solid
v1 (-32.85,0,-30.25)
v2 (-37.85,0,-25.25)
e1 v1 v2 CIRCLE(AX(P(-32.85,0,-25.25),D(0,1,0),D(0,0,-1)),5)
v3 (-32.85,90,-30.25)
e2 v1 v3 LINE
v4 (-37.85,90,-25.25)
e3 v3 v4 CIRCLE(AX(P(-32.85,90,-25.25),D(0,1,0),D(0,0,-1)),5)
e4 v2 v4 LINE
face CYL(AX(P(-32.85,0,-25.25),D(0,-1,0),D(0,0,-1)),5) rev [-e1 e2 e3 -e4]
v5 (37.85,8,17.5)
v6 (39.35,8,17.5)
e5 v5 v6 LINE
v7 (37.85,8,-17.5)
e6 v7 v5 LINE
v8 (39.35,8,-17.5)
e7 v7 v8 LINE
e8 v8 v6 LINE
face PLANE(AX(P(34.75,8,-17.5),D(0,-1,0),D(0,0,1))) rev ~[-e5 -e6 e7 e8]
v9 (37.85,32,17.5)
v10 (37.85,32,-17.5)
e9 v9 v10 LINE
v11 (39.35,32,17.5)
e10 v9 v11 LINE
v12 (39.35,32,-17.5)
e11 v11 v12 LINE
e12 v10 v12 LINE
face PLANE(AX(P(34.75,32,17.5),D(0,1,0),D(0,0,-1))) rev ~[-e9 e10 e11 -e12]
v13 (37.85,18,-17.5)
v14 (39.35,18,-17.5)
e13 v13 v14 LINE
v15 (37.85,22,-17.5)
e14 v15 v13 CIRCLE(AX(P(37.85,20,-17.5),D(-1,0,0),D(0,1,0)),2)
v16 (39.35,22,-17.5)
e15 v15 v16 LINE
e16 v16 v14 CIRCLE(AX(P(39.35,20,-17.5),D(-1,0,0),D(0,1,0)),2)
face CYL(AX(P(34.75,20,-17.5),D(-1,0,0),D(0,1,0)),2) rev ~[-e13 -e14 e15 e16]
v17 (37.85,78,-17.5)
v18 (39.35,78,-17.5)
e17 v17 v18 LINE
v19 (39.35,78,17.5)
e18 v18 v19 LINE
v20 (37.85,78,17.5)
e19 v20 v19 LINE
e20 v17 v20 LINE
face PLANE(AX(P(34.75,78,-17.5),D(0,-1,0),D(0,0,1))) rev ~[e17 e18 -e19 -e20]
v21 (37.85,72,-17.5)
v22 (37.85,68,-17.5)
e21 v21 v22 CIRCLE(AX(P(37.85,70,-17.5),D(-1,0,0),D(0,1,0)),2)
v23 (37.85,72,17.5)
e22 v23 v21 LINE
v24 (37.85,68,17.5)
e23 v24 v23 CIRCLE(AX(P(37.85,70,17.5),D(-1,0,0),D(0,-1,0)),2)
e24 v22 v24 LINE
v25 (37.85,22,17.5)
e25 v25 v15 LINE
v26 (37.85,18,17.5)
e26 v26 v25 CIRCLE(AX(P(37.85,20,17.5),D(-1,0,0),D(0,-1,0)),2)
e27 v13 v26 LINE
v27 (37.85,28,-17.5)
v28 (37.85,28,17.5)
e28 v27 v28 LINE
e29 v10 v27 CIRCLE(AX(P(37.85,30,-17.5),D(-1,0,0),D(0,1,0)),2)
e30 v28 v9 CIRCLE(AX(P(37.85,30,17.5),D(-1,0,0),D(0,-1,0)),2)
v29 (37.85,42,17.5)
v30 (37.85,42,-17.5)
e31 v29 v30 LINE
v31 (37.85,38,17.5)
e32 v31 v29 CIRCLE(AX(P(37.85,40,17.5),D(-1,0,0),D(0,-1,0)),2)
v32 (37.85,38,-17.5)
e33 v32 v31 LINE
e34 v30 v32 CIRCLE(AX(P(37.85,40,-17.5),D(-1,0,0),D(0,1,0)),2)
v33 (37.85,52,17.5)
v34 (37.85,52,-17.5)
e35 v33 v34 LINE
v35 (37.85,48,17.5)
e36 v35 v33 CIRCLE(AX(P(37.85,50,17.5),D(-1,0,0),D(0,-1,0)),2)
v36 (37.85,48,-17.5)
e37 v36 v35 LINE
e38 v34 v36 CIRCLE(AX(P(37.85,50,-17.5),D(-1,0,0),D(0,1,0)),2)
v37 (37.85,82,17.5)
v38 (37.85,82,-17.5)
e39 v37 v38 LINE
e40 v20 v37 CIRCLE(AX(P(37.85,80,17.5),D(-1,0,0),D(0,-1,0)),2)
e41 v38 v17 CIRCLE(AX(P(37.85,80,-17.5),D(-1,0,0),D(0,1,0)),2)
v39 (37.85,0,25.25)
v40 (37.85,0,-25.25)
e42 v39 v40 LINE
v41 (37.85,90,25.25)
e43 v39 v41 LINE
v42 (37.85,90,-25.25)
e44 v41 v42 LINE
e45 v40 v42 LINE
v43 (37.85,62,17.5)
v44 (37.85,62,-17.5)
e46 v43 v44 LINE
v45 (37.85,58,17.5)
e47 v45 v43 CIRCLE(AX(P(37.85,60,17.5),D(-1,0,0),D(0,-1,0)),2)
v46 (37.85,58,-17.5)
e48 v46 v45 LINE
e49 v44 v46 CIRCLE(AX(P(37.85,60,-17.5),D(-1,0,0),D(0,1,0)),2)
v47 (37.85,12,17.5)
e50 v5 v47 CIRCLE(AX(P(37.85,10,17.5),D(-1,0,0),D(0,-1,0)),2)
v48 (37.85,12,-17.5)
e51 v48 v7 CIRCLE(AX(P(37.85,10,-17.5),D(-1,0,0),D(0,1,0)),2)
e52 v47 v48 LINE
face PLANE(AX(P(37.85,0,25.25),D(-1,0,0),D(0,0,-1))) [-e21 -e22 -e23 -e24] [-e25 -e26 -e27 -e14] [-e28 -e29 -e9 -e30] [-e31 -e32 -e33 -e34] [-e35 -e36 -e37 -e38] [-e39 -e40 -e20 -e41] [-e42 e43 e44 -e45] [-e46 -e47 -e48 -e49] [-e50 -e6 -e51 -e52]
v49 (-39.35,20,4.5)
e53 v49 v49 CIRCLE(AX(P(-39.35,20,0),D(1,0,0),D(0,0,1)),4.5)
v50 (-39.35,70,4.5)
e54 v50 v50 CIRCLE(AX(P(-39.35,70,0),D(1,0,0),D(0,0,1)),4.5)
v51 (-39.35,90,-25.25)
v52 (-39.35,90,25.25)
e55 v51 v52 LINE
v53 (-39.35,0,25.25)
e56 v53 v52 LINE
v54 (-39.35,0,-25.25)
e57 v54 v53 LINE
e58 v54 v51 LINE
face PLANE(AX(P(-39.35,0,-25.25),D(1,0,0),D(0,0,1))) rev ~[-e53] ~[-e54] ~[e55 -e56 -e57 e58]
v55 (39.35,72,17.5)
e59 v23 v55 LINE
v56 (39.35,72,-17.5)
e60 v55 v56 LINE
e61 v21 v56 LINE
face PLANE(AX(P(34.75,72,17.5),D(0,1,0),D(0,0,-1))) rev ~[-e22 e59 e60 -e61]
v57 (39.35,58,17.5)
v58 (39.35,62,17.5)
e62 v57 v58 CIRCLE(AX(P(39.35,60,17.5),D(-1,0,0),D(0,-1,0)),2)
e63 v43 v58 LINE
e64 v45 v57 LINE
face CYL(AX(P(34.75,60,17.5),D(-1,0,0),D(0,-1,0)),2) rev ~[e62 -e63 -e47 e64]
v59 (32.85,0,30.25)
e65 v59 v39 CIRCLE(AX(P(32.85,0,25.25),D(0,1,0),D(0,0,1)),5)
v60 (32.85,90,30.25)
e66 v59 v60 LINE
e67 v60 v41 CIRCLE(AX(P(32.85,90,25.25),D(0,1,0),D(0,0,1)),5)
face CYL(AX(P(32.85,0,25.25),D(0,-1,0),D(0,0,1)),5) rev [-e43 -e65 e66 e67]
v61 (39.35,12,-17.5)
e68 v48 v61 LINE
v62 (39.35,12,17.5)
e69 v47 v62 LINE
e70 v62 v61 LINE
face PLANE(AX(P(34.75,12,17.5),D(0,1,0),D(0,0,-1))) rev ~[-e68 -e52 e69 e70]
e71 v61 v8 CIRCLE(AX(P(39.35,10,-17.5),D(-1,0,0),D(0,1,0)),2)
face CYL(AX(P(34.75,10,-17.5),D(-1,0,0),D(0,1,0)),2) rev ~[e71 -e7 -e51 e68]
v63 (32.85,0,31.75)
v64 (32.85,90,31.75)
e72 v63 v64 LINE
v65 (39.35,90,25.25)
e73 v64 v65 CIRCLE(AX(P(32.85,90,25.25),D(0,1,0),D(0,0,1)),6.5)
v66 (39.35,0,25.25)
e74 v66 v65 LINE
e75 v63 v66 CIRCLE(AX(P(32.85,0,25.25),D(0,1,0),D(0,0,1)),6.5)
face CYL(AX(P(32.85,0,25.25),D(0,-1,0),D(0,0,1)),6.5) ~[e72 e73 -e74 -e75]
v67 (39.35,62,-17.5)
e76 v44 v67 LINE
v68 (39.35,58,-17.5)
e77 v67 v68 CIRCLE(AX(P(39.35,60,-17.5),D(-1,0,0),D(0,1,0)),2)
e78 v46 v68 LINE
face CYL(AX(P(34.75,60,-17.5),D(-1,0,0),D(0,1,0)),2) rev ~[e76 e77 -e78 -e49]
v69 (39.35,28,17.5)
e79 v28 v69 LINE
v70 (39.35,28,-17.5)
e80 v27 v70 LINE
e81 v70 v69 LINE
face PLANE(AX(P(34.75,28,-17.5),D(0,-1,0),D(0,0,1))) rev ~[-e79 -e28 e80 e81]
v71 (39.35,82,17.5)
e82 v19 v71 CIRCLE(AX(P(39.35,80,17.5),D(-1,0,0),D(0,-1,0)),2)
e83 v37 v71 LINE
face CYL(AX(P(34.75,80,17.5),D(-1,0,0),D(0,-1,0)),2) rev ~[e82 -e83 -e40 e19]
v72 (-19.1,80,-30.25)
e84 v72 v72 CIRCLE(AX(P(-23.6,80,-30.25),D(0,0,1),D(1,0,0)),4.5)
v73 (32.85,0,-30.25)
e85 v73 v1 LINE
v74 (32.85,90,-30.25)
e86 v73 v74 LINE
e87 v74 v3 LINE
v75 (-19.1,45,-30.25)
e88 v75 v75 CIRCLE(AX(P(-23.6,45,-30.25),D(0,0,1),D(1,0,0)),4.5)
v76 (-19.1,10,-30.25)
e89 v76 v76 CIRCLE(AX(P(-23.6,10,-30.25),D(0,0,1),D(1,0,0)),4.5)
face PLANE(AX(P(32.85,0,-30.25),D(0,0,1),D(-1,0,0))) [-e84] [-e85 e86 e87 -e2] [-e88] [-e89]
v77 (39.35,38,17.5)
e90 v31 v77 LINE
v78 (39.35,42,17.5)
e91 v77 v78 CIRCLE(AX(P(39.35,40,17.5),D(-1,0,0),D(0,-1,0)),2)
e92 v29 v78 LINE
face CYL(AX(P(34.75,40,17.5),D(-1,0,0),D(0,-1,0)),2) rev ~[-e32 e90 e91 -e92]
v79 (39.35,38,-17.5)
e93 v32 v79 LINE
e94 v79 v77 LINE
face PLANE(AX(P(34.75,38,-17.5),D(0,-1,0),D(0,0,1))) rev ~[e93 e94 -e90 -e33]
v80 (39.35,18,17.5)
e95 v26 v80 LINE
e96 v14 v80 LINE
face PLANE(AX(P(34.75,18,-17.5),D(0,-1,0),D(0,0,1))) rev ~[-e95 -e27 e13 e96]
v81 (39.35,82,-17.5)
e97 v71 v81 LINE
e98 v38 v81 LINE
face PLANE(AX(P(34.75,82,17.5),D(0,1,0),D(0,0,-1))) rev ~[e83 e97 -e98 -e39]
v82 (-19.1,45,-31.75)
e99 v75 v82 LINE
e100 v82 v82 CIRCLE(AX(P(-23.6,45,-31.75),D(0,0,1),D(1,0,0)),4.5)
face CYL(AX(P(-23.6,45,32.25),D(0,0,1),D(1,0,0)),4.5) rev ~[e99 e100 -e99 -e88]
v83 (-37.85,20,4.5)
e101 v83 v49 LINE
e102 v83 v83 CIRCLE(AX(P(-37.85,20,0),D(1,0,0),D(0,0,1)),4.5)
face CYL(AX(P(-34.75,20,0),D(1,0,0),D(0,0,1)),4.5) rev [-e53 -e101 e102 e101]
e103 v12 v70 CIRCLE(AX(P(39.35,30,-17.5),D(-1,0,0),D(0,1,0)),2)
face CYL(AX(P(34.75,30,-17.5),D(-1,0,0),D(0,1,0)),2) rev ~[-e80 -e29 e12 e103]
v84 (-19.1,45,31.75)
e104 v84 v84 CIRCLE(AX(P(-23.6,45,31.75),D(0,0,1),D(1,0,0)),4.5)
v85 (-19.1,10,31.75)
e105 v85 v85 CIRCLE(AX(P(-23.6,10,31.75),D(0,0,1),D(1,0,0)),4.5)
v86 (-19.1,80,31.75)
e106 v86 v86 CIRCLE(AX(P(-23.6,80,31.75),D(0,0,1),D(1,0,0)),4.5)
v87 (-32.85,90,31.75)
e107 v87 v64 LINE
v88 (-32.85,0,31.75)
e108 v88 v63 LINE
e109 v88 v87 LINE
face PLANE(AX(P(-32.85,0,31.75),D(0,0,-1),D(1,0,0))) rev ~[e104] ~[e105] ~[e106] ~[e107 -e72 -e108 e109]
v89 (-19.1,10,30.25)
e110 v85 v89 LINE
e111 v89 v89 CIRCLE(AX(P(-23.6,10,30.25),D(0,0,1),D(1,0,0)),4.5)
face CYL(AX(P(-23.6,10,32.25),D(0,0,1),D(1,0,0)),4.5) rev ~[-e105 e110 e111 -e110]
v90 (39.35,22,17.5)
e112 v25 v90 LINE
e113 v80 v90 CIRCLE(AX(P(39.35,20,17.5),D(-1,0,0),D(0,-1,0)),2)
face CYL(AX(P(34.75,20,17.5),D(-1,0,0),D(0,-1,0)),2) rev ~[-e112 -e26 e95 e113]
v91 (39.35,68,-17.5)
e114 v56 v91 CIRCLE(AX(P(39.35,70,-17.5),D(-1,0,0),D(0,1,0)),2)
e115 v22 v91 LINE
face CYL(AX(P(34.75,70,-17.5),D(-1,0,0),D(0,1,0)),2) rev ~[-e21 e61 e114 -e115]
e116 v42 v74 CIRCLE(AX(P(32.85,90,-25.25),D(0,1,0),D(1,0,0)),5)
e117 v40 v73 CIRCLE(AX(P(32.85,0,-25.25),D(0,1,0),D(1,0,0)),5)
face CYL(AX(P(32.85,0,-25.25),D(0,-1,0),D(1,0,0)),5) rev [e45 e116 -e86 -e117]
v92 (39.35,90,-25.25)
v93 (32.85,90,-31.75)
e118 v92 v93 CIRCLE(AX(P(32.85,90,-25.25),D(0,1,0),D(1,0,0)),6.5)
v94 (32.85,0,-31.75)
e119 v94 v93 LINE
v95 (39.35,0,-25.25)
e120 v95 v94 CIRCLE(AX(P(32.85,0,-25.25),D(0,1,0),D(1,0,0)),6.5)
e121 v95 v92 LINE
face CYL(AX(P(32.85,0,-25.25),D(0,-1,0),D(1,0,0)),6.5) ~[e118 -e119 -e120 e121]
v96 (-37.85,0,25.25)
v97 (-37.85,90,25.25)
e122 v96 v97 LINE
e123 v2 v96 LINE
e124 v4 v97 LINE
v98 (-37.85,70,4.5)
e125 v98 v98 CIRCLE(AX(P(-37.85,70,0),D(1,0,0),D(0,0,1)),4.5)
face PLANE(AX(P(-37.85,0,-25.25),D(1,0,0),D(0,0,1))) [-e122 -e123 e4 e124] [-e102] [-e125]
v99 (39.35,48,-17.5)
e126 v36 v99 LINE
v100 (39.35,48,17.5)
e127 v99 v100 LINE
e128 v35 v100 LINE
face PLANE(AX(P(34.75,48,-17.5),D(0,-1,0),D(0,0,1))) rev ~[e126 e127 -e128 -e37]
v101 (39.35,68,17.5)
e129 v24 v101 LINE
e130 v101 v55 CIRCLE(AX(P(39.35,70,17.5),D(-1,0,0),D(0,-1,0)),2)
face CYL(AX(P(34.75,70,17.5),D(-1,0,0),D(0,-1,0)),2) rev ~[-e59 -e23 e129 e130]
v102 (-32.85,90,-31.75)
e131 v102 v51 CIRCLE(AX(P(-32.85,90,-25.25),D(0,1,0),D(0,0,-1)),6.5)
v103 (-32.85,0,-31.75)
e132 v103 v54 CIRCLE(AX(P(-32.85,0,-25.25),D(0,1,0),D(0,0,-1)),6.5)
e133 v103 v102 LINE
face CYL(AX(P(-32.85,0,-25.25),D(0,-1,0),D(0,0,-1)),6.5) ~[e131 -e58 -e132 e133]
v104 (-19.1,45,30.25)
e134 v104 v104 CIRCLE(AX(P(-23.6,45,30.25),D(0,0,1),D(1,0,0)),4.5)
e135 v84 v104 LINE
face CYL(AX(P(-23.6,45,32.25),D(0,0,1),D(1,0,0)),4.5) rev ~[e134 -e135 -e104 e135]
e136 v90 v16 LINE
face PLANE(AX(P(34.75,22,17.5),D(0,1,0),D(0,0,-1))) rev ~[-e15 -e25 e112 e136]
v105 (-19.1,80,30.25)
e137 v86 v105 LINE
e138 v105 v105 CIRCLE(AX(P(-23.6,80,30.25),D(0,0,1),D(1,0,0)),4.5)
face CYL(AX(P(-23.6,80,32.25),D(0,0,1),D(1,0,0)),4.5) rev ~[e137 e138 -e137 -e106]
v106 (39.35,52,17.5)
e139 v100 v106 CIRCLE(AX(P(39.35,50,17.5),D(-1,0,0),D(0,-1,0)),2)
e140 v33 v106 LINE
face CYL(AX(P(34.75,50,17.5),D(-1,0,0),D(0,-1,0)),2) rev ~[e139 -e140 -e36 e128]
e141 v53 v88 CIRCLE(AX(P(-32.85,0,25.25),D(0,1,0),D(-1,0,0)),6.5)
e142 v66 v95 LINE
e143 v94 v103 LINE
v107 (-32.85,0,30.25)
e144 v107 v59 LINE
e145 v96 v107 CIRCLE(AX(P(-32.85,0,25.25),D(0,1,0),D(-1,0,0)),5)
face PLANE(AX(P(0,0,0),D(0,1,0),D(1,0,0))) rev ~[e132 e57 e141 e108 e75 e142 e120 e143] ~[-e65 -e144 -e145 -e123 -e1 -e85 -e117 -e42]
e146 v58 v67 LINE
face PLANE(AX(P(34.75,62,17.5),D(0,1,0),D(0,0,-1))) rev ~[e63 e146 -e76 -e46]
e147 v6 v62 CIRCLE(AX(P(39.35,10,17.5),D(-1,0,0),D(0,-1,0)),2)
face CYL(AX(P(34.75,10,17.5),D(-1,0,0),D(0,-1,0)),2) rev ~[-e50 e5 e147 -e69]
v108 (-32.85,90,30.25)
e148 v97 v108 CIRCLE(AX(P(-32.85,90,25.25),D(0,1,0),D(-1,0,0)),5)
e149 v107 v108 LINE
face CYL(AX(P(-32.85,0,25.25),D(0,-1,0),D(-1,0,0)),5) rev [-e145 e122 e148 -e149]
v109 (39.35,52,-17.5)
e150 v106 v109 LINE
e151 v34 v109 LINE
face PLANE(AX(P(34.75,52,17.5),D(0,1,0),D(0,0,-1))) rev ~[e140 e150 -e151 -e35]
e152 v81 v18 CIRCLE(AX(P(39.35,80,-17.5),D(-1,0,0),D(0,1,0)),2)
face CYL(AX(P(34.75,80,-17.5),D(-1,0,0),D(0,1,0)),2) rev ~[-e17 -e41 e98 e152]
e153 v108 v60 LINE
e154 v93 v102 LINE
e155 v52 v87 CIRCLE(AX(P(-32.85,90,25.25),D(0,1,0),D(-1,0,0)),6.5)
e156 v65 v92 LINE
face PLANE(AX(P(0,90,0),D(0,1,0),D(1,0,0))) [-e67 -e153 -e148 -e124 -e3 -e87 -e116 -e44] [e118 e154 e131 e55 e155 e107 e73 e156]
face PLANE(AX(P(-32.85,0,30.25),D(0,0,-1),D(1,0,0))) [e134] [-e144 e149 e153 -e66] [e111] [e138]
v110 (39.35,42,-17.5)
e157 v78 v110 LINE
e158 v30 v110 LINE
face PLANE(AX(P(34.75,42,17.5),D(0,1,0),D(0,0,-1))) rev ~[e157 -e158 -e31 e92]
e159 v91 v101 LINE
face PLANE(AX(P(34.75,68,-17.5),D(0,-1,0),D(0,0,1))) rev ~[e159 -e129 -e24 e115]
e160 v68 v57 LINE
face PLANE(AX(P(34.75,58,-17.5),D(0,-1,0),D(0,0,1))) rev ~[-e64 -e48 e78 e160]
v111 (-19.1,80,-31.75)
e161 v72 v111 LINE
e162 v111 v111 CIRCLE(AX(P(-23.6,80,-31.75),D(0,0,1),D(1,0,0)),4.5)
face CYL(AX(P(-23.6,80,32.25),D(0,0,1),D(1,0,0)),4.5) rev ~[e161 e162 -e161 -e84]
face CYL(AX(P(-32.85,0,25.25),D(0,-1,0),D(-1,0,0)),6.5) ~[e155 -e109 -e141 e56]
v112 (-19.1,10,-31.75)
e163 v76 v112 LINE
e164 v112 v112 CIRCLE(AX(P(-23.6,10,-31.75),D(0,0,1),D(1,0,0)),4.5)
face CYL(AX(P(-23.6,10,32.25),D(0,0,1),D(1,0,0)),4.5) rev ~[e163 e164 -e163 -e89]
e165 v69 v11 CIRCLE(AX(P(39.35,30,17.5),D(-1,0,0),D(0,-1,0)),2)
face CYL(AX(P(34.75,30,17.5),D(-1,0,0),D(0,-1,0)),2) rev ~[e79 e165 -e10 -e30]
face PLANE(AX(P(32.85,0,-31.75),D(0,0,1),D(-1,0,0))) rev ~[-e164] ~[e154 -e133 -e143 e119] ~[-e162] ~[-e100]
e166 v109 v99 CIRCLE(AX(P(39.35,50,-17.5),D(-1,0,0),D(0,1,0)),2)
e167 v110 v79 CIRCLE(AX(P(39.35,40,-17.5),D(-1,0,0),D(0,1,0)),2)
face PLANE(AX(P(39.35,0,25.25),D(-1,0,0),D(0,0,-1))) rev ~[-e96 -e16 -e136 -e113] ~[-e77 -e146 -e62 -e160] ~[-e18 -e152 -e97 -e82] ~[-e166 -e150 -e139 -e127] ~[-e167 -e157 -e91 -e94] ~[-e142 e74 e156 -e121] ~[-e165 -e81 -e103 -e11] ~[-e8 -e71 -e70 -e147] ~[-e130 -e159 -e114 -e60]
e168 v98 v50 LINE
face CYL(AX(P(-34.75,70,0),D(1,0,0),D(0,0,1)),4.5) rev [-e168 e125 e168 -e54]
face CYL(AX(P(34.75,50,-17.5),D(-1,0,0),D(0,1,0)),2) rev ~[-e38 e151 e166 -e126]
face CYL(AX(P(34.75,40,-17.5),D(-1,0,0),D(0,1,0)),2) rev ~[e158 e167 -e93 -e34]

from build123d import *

# Parameters (mm, degrees)
BOSS_EXTRUDE1_DEPTH = 90
SKETCH2_R           = 4.5
CUT_EXTRUDE1_DEPTH  = 17
SKETCH3_R           = 4.5
CUT_EXTRUDE2_DEPTH  = 95
CUT_EXTRUDE3_DEPTH  = 29


with BuildPart() as part:
    # Sketch1 → Boss-Extrude1 (new body)
    with BuildSketch(Plane(origin=(0, 0, 0), x_dir=(1, 0, 0), z_dir=(0, 1, 0))):
        with BuildLine():
            Line((-32.85, -31.75), (32.85, -31.75))
            ThreePointArc((32.85, -31.75), (37.446194078, -29.846194078), (39.35, -25.25))
            Line((39.35, -25.25), (39.35, 25.25))
            ThreePointArc((39.35, 25.25), (37.446194078, 29.846194078), (32.85, 31.75))
            Line((32.85, 31.75), (-32.85, 31.75))
            ThreePointArc((-32.85, 31.75), (-37.446194078, 29.846194078), (-39.35, 25.25))
            Line((-39.35, 25.25), (-39.35, -25.25))
            ThreePointArc((-39.35, -25.25), (-37.446194078, -29.846194078), (-32.85, -31.75))
        make_face()
        with BuildLine():
            Line((-32.85, -30.25), (32.85, -30.25))
            ThreePointArc((32.85, -30.25), (36.385533906, -28.785533906), (37.85, -25.25))
            Line((37.85, -25.25), (37.85, 25.25))
            ThreePointArc((37.85, 25.25), (36.385533906, 28.785533906), (32.85, 30.25))
            Line((32.85, 30.25), (-32.85, 30.25))
            ThreePointArc((-32.85, 30.25), (-36.385533906, 28.785533906), (-37.85, 25.25))
            Line((-37.85, 25.25), (-37.85, -25.25))
            ThreePointArc((-37.85, -25.25), (-36.385533906, -28.785533906), (-32.85, -30.25))
        make_face(mode=Mode.SUBTRACT)
    extrude(amount=BOSS_EXTRUDE1_DEPTH)

    # Sketch2 → Cut-Extrude1 (cut)
    with BuildSketch(Plane.ZY.offset(34.75)):
        with Locations((0, 70)):
            Circle(SKETCH2_R)
        with Locations((0, 20)):
            Circle(SKETCH2_R)
    extrude(amount=CUT_EXTRUDE1_DEPTH, mode=Mode.SUBTRACT)

    # Sketch3 → Cut-Extrude2 (cut)
    with BuildSketch(Plane.XY.offset(32.25)):
        with Locations((-23.6, 80)):
            Circle(SKETCH3_R)
        with Locations((-23.6, 10)):
            Circle(SKETCH3_R)
        with Locations((-23.6, 45)):
            Circle(SKETCH3_R)
    extrude(amount=-CUT_EXTRUDE2_DEPTH, mode=Mode.SUBTRACT)

    # Sketch4 → Cut-Extrude3 (cut)
    with BuildSketch(Plane(origin=(34.75, 0, 0), x_dir=(0, 0, -1), z_dir=(1, 0, 0))):
        with BuildLine():
            Line((-17.5, 82), (17.5, 82))
            ThreePointArc((17.5, 82), (19.5, 80), (17.5, 78))
            Line((17.5, 78), (-17.5, 78))
            ThreePointArc((-17.5, 78), (-19.5, 80), (-17.5, 82))
        make_face()
        with BuildLine():
            Line((-17.5, 72), (17.5, 72))
            ThreePointArc((17.5, 72), (19.5, 70), (17.5, 68))
            Line((17.5, 68), (-17.5, 68))
            ThreePointArc((-17.5, 68), (-19.5, 70), (-17.5, 72))
        make_face()
        with BuildLine():
            Line((-17.5, 62), (17.5, 62))
            ThreePointArc((17.5, 62), (19.5, 60), (17.5, 58))
            Line((17.5, 58), (-17.5, 58))
            ThreePointArc((-17.5, 58), (-19.5, 60), (-17.5, 62))
        make_face()
        with BuildLine():
            Line((-17.5, 52), (17.5, 52))
            ThreePointArc((17.5, 52), (19.5, 50), (17.5, 48))
            Line((17.5, 48), (-17.5, 48))
            ThreePointArc((-17.5, 48), (-19.5, 50), (-17.5, 52))
        make_face()
        with BuildLine():
            Line((-17.5, 42), (17.5, 42))
            ThreePointArc((17.5, 42), (19.5, 40), (17.5, 38))
            Line((17.5, 38), (-17.5, 38))
            ThreePointArc((-17.5, 38), (-19.5, 40), (-17.5, 42))
        make_face()
        with BuildLine():
            Line((-17.5, 32), (17.5, 32))
            ThreePointArc((17.5, 32), (19.5, 30), (17.5, 28))
            Line((17.5, 28), (-17.5, 28))
            ThreePointArc((-17.5, 28), (-19.5, 30), (-17.5, 32))
        make_face()
        with BuildLine():
            Line((-17.5, 22), (17.5, 22))
            ThreePointArc((17.5, 22), (19.5, 20), (17.5, 18))
            Line((17.5, 18), (-17.5, 18))
            ThreePointArc((-17.5, 18), (-19.5, 20), (-17.5, 22))
        make_face()
        with BuildLine():
            Line((-17.5, 12), (17.5, 12))
            ThreePointArc((17.5, 12), (19.5, 10), (17.5, 8))
            Line((17.5, 8), (-17.5, 8))
            ThreePointArc((-17.5, 8), (-19.5, 10), (-17.5, 12))
        make_face()
    extrude(amount=CUT_EXTRUDE3_DEPTH, mode=Mode.SUBTRACT)


solid = part.part
